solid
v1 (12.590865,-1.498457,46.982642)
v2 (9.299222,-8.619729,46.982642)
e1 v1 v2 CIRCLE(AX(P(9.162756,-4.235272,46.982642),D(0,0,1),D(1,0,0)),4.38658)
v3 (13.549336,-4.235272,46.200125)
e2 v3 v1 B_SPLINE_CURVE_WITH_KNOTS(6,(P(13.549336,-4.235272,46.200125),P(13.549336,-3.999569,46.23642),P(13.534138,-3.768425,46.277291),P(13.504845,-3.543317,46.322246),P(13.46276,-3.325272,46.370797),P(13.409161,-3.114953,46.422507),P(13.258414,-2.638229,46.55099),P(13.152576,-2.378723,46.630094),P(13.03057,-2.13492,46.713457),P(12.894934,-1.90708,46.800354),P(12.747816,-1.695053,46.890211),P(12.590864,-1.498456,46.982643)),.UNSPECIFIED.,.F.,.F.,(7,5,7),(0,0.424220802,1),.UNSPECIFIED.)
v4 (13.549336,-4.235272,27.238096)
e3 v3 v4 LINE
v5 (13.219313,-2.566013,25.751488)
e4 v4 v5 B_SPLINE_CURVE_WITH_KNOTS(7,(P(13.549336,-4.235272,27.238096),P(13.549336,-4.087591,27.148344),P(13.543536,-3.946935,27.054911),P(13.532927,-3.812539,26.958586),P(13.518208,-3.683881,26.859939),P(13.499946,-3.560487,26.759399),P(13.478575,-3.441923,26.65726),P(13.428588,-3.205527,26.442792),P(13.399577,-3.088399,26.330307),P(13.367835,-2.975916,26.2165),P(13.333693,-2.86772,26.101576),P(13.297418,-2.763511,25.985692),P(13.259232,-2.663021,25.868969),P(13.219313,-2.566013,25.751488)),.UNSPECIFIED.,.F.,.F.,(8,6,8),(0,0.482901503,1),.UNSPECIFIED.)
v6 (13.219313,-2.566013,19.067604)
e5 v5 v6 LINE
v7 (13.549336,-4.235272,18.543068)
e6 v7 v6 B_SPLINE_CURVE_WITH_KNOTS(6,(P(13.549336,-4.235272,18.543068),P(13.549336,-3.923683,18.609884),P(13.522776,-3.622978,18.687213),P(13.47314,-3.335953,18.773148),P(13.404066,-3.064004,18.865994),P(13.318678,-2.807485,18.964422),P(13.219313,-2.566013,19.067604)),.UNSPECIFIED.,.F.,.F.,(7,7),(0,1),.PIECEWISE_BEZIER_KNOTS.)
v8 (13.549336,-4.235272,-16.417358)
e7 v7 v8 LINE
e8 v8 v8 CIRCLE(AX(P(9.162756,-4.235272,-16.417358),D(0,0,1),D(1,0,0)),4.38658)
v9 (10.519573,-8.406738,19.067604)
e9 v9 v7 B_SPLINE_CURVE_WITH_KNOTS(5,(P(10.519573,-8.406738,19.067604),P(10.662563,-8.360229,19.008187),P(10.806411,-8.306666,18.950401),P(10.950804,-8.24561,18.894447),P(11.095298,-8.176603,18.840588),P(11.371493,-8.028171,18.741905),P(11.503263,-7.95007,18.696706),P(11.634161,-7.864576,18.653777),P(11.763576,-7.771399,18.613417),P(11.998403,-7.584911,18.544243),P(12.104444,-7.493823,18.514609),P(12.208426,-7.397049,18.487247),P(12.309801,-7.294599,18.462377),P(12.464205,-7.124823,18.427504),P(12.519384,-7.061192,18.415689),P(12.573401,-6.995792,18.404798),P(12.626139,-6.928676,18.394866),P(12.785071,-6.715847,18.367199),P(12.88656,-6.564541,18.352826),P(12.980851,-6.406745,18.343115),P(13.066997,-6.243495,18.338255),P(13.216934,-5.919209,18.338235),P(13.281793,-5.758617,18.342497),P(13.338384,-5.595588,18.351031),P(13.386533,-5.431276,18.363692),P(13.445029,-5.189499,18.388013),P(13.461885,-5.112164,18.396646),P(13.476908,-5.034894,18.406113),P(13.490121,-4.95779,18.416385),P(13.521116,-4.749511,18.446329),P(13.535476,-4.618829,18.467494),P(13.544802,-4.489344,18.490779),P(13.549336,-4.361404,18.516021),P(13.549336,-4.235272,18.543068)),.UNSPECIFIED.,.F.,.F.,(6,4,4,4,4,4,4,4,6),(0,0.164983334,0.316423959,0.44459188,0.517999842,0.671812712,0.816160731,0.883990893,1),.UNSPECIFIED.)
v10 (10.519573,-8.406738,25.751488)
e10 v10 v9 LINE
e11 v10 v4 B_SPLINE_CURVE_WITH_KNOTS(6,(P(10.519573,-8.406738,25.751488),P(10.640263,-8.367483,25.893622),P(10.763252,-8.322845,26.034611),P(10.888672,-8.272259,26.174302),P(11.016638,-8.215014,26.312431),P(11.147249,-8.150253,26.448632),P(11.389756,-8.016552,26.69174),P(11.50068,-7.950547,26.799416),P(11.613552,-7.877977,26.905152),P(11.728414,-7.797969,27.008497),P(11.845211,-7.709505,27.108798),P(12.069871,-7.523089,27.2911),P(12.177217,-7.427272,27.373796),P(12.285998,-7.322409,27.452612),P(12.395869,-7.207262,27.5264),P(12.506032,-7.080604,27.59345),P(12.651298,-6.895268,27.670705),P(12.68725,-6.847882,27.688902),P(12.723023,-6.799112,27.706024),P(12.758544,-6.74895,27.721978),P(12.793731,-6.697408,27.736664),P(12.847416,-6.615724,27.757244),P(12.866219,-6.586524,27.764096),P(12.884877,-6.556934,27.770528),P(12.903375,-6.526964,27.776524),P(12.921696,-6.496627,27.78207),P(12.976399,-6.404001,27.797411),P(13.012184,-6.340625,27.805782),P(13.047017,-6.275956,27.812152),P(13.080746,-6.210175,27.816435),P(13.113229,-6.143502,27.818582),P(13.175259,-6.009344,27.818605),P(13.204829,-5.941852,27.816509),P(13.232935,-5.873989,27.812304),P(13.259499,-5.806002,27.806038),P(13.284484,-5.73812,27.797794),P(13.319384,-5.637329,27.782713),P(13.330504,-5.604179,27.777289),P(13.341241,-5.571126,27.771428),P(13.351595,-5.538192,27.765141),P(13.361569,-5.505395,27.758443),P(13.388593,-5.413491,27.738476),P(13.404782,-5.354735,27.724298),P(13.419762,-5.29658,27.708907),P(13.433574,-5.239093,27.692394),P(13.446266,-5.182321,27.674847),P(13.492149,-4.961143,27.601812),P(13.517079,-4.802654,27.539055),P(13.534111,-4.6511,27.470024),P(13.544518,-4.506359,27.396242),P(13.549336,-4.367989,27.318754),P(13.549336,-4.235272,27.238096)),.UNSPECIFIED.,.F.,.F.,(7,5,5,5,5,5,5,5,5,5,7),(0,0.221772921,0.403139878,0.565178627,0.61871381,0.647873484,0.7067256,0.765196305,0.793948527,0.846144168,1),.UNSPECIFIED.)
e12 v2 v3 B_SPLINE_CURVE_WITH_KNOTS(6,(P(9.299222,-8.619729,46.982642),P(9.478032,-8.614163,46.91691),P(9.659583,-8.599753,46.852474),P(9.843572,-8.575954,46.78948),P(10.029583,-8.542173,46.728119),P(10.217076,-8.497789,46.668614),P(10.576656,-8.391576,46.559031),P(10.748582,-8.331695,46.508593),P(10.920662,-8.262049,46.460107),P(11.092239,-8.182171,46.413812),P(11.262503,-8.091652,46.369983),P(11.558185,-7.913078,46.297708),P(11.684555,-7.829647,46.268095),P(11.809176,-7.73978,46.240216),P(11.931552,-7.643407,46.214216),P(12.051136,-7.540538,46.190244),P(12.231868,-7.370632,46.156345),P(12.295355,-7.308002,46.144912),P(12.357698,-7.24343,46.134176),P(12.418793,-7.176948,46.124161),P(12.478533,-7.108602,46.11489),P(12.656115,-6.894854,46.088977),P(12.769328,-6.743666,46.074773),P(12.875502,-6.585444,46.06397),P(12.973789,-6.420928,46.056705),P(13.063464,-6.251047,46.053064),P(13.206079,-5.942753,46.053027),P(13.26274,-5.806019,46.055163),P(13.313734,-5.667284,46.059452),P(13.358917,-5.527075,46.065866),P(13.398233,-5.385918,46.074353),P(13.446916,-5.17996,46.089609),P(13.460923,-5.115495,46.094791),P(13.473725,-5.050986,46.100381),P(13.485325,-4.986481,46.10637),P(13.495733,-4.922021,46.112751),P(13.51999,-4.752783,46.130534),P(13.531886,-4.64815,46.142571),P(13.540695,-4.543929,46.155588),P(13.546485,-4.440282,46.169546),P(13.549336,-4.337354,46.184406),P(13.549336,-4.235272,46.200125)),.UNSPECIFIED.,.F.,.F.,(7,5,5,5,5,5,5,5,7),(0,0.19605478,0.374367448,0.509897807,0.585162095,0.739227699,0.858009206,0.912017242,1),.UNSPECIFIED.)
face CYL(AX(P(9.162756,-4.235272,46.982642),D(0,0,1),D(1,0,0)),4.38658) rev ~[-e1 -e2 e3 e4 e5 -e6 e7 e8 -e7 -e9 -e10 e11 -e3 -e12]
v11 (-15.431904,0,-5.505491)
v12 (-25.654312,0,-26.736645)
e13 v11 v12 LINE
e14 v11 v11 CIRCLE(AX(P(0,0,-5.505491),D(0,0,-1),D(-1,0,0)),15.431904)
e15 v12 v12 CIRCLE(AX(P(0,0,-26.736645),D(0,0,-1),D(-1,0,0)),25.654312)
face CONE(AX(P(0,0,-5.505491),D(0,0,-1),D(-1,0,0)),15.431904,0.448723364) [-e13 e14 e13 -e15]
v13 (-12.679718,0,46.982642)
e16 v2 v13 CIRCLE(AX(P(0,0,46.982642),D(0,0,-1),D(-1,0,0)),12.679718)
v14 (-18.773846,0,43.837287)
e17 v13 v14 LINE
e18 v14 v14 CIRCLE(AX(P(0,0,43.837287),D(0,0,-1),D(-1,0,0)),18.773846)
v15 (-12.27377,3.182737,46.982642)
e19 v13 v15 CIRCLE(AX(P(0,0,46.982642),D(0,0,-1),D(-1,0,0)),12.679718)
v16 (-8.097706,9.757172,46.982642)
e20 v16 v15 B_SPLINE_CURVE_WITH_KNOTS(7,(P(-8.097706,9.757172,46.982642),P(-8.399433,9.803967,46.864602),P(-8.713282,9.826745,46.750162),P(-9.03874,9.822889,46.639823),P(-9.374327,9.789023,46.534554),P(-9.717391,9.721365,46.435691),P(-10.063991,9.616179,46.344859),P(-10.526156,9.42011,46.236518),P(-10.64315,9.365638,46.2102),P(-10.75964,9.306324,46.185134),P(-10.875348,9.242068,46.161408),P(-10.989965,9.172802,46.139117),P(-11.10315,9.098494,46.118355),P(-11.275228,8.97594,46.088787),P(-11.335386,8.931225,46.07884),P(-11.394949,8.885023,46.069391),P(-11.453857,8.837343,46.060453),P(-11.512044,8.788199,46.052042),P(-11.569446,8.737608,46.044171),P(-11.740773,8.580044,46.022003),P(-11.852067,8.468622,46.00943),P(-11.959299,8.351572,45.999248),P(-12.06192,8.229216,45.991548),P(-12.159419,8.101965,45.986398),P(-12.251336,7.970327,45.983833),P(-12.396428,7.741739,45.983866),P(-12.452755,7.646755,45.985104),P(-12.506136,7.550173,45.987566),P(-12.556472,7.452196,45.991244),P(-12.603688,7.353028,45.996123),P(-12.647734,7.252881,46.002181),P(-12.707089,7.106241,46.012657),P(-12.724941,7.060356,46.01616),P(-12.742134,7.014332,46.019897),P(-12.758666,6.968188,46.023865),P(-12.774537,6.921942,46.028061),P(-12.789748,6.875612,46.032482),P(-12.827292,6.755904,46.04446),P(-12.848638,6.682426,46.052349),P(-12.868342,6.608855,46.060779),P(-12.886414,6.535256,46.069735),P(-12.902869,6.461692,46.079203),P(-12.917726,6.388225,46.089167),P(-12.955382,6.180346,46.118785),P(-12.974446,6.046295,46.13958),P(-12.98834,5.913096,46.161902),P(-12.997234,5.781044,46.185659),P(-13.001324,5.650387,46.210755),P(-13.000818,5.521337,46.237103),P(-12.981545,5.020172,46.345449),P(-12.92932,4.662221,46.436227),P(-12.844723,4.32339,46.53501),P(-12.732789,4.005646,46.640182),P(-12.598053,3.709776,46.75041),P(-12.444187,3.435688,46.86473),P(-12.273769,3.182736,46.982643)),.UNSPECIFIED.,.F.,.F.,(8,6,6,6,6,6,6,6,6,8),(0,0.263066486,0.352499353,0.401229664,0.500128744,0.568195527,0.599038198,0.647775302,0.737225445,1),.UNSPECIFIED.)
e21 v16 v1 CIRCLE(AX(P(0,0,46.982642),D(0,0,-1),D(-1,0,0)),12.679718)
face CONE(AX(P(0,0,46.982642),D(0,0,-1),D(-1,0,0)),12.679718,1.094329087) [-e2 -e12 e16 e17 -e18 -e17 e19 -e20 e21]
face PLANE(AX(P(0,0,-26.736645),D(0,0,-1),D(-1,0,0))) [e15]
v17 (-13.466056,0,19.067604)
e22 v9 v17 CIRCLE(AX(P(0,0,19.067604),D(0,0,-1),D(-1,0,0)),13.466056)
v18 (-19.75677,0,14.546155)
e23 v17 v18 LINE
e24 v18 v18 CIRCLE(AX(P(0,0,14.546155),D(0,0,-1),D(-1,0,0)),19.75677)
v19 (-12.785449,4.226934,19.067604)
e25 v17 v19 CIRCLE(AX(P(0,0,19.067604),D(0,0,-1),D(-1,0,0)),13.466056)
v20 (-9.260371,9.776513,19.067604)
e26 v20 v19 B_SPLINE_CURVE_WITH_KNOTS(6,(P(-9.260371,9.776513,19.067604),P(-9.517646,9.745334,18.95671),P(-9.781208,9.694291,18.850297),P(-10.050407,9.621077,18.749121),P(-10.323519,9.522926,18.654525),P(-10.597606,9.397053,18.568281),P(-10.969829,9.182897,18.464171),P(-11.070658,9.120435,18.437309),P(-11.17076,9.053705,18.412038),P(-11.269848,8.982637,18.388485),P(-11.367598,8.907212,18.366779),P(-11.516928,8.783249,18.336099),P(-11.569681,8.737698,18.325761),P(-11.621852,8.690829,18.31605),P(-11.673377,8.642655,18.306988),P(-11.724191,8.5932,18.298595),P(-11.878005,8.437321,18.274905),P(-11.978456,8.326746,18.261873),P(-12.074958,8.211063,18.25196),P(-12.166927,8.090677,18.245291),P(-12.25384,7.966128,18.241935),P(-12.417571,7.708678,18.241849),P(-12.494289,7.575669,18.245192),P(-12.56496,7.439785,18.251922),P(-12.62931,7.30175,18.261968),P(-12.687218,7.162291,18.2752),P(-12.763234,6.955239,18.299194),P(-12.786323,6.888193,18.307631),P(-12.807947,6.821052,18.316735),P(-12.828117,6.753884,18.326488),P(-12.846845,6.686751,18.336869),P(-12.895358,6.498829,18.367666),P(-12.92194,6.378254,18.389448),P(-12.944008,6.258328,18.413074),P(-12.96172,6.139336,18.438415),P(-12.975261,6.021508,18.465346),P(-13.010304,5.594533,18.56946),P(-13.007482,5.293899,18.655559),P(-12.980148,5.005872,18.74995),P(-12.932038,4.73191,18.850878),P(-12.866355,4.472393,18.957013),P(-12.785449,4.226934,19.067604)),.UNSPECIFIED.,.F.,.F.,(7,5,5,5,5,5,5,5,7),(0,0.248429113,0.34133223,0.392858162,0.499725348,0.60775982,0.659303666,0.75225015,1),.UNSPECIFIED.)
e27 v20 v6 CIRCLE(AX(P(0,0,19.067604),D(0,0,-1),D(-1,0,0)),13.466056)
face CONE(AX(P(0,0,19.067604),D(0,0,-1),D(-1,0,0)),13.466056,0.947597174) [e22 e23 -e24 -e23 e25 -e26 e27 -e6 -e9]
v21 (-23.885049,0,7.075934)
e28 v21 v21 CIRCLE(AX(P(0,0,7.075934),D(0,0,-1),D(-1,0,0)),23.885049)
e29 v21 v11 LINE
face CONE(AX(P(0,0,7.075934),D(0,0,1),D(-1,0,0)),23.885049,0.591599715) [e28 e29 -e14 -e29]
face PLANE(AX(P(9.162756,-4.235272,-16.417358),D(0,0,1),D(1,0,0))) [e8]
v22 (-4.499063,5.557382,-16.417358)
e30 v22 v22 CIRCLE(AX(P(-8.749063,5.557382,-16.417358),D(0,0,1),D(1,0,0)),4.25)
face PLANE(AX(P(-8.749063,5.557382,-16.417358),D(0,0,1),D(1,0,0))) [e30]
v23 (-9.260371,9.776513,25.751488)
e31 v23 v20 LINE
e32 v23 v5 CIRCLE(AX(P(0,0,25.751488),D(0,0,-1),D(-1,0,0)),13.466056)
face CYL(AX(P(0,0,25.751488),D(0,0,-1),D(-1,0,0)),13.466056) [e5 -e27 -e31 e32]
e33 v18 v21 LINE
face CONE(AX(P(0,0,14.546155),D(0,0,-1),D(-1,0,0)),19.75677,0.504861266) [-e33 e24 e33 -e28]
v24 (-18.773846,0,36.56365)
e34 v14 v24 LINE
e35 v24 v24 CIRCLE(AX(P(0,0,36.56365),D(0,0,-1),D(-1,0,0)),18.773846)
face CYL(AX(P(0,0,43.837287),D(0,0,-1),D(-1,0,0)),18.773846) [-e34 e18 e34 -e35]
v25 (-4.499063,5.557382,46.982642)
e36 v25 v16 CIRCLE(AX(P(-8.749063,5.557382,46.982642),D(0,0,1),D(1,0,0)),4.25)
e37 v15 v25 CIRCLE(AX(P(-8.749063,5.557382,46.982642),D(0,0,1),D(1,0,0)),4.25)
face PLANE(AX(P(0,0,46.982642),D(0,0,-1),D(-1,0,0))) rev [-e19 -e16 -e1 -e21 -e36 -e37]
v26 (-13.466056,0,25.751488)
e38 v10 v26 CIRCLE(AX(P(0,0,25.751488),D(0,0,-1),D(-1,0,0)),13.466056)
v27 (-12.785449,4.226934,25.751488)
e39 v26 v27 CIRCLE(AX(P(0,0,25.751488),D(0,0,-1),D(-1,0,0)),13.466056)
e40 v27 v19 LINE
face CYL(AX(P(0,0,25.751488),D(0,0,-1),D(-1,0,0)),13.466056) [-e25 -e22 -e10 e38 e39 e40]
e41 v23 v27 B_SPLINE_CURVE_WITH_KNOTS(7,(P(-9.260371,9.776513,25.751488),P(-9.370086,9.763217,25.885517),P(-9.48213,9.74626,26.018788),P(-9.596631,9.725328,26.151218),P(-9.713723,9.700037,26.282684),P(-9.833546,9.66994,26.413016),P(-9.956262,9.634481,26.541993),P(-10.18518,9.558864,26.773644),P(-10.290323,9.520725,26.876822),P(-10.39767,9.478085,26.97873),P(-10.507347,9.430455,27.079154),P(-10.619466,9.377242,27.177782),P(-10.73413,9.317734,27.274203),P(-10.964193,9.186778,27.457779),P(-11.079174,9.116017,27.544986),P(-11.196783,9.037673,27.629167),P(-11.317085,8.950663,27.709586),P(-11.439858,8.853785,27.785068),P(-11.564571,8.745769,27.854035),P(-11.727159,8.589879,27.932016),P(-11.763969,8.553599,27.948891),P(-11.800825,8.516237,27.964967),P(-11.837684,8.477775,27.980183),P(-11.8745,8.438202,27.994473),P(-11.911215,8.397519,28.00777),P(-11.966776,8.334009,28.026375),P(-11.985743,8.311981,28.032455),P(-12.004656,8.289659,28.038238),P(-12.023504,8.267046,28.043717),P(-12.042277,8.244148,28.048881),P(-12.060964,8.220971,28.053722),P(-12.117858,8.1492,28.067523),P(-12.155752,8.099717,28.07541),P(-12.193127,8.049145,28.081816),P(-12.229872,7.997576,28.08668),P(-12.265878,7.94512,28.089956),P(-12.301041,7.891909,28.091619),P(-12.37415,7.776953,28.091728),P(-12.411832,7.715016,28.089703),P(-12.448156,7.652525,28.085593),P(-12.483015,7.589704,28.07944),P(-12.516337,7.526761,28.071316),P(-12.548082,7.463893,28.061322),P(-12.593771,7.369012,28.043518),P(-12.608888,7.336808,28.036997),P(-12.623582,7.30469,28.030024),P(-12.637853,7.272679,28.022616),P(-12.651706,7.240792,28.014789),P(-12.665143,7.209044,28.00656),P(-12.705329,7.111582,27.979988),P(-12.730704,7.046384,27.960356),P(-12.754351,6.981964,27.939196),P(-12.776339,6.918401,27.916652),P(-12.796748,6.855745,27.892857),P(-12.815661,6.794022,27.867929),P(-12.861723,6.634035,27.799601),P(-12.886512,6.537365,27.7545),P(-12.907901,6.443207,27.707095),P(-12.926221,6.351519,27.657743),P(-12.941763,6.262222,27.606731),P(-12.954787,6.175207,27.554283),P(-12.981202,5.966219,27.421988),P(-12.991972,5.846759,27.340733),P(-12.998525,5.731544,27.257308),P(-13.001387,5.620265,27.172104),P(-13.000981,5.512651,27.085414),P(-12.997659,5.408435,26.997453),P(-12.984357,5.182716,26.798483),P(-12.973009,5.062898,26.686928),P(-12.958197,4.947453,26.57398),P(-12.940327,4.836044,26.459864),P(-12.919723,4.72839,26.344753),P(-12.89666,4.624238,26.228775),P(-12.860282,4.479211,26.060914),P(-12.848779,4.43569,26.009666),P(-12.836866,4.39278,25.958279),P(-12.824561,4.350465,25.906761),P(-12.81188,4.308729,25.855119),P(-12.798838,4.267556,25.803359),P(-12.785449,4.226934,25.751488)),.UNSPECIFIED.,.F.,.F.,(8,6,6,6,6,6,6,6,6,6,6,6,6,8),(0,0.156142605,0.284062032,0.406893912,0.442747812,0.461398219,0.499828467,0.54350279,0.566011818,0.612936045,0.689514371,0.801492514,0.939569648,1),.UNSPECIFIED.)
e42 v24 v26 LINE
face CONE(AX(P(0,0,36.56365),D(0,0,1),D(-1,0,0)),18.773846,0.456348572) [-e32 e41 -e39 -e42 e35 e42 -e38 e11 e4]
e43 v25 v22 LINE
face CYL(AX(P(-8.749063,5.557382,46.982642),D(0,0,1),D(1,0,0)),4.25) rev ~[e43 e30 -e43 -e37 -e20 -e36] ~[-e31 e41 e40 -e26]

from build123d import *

# Parameters (mm, degrees)
F2_R     = 4.25
F2_R_2   = 4.38658
F3_DEPTH = 63.4


with BuildPart() as f1:
    # F0 (on Front) → F1 (revolve)
    with BuildSketch(Plane.XZ):
        Polygon((0, -26.736645), (0, 46.982642), (-12.679718, 46.982642), (-18.773846, 43.837287), (-18.773846, 36.56365), (-13.466056, 25.751488), (-13.466056, 19.067604), (-19.75677, 14.546155), (-23.885049, 7.075934), (-15.431904, -5.505491), (-25.654312, -26.736645), align=None)
    revolve(axis=Axis((0, 0, 1.768146), (0, 0, -1)))

    # F2 (on face) → F3 (cut)
    with BuildSketch(Plane.XY.offset(46.982642)):
        with Locations((-8.749063, 5.557382)):
            Circle(F2_R)
        with Locations((9.162756, -4.235272)):
            Circle(F2_R_2)
    extrude(amount=-F3_DEPTH, mode=Mode.SUBTRACT)


solid = f1.part
